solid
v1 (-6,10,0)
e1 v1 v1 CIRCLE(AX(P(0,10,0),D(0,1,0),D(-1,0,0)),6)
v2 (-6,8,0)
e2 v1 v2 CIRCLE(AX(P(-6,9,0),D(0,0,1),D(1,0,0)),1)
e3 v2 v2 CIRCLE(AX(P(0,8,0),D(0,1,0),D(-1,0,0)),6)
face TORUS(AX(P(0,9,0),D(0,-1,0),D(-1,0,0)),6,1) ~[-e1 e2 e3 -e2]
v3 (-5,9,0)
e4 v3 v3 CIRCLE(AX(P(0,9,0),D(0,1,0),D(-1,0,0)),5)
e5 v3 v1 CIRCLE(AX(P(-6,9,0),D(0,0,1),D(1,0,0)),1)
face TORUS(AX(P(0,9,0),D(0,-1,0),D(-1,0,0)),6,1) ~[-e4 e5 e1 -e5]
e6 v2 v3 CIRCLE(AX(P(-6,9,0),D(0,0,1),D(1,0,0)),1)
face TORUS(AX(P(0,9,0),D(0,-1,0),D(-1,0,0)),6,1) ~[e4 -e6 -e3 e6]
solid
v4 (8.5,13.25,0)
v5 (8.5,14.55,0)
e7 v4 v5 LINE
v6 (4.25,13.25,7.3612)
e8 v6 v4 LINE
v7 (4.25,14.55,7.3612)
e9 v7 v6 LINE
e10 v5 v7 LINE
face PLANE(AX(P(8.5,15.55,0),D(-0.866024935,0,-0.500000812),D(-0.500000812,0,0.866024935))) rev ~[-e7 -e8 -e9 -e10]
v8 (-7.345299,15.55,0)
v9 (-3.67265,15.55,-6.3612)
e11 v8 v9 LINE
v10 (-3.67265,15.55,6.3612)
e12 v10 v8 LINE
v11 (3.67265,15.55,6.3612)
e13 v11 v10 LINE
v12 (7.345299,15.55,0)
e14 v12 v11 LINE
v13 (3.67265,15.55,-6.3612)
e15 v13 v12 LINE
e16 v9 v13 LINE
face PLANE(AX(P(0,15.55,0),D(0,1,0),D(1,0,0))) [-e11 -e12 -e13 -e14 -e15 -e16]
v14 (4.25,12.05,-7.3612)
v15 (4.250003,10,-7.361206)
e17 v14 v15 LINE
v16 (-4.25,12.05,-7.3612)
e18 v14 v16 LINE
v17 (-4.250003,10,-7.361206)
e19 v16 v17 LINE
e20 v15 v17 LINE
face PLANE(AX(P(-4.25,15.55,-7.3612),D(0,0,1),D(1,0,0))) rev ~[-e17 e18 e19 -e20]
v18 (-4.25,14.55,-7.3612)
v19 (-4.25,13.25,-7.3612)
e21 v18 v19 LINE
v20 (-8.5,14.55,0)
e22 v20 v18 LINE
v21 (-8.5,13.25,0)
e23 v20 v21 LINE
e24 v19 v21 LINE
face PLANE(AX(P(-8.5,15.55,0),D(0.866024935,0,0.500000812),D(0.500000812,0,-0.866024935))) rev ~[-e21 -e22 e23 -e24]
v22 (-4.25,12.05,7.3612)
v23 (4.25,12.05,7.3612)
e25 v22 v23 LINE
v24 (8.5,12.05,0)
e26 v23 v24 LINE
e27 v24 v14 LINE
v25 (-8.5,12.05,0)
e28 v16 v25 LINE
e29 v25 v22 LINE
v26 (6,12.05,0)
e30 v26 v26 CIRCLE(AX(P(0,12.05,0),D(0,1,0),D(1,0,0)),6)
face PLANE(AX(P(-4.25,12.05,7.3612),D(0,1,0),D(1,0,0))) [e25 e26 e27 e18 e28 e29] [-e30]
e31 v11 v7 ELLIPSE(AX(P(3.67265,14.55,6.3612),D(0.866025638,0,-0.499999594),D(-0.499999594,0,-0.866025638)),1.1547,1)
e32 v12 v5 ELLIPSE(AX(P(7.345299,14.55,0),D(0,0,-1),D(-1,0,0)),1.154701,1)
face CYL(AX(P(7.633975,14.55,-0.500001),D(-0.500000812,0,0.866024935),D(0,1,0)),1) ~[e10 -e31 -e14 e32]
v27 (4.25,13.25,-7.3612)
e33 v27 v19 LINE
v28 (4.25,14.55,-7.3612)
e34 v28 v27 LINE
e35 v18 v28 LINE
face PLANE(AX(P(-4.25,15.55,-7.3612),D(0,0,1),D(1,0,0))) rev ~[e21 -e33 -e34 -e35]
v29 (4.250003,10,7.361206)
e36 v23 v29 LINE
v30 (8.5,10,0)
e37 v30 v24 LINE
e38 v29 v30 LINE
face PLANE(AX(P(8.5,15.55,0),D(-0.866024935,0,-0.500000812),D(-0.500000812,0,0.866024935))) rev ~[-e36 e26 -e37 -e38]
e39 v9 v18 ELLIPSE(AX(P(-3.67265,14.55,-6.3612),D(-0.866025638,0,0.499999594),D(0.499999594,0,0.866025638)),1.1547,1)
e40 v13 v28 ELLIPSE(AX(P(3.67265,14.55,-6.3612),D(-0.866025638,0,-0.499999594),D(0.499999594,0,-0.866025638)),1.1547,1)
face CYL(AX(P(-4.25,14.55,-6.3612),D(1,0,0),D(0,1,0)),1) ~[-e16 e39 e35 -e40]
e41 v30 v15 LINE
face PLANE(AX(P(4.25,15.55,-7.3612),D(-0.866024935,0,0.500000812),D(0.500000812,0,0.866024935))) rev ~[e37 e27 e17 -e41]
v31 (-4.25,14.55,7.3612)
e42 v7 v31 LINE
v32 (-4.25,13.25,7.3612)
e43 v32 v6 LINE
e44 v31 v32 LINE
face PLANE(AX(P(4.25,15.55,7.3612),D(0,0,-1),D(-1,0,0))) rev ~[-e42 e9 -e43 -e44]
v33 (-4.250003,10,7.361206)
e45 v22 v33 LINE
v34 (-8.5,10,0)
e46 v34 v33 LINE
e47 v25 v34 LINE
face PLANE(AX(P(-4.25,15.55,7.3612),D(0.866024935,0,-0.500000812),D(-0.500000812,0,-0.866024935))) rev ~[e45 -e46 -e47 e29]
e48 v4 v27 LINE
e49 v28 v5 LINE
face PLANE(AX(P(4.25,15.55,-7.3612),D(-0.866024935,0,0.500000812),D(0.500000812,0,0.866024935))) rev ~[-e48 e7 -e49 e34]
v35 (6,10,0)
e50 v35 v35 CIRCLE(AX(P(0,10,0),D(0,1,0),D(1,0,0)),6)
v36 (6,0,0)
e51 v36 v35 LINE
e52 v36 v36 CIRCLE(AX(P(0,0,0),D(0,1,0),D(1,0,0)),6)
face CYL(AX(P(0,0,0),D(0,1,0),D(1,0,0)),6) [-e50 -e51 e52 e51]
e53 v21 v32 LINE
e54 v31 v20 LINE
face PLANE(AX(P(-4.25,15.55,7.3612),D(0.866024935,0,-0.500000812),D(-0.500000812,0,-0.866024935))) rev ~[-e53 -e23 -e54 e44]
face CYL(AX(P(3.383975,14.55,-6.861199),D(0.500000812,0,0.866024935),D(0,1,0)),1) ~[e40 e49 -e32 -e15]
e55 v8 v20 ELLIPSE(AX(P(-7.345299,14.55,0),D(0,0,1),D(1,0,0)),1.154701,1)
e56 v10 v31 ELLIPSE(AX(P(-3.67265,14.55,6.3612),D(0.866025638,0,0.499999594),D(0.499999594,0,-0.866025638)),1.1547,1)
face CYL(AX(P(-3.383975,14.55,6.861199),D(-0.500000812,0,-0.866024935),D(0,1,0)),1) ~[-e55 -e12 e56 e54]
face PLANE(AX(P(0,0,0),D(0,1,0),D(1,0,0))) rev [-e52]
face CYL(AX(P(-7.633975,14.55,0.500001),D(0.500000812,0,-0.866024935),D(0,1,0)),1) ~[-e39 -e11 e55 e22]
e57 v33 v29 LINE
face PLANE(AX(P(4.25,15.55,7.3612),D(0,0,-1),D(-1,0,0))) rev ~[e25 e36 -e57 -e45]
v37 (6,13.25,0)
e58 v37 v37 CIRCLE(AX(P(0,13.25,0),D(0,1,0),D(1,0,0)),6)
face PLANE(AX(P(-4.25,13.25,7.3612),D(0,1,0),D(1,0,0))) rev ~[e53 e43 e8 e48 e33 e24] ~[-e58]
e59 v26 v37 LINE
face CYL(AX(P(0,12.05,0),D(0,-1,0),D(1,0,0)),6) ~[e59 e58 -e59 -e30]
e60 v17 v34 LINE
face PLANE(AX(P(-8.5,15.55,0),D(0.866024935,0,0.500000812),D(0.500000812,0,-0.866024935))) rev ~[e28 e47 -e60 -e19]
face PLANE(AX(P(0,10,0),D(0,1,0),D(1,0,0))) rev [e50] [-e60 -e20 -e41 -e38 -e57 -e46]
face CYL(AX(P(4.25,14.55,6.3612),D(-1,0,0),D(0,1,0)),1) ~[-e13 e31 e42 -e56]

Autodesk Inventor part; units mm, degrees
ref_plane "YZ Plane" through (0, 0, 0) normal (1, 0, 0) x (0, 1, 0)
ref_plane "XZ Plane" through (0, 0, 0) normal (0, 1, 0) x (-1, 0, 0)
sketch "Sketch1" plane through (0, 0, 0) normal (0, 0, 1) x (1, 0, 0)
  line L0 (0, 0) -> (6, 0)
  line L1 (6, 0) -> (6, 10)
  line L2 (6, 10) -> (8.5, 10)
  line L3 (8.5, 10) -> (8.5, 15.55)
  line L4 (8.5, 15.55) -> (0, 15.55)
  line L5 (0, 15.55) -> (0, 0)
  line L6 (0, -3.11) -> (0, 18.66) projected
  dimension "d0" = 10
  dimension "d1" = 5.55
  dimension "d2" = 8.5
  dimension "d3" = 6
revolve "Revolution1" add sketch "Sketch1" angle 360 about axis through (0, -10, 0) along (0, 1, 0)
thread "Thread1" size "M12x1.5" class "6g" standard "ANSI Metric M Profile" full length
sketch "Sketch2" plane through (0, 0, 0) normal (0, 0, 1) x (1, 0, 0)
  line L0 (-8.5, 10) -> (8.5, 10) projected
  line L1 (-6, 10) -> (-6, 0) projected
  circle A0 centre (-6, 9) radius 1
  line L2 (0, -3.11) -> (0, 18.66) projected
  point P0 (0, 0)
  dimension "d8" = 2
revolve "Revolution2" add sketch "Sketch2" angle 360 about axis through (0, -10, 0) along (0, 1, 0) separate body
sketch "Sketch3" plane through (0, 15.55, 0) normal (0, 1, 0) x (1, 0, 0)
  circle A0 centre (0, 0) radius 8.5 projected
  line L0 (-8.5, 0) -> (-4.25, 7.3612)
  line L1 (-4.25, 7.3612) -> (4.25, 7.3612)
  line L2 (4.25, 7.3612) -> (8.5, 0)
  line L3 (8.5, 0) -> (4.25, -7.3612)
  line L4 (4.25, -7.3612) -> (-4.25, -7.3612)
  line L5 (-4.25, -7.3612) -> (-8.5, 0)
extrude "Extrusion1" cut sketch "Sketch3" against normal blind 10 contours L2 A0 | A0 L3 | L1 A0 | A0 L4 | L0 A0 | A0 L5 bodies 1
ref_plane "Work Plane1" through (-4.25, 12.05, 7.3612) normal (0, 1, 0) x (1, 0, 0)
sketch "Sketch4" plane through (-4.25, 12.05, 7.3612) normal (0, 1, 0) x (1, 0, 0)
  circle A0 centre (4.25, 7.3612) radius 6
  line L0 (0, 0) -> (8.5, 0) projected
  line L1 (-4.25, 7.3612) -> (0, 0) projected
  line L2 (0, 0) -> (8.5, 0) projected
  line L3 (8.5, 0) -> (12.75, 7.3612) projected
  line L4 (12.75, 7.3612) -> (8.5, 14.7224) projected
  line L5 (8.5, 14.7224) -> (0, 14.7224) projected
  line L6 (0, 14.7224) -> (-4.25, 7.3612) projected
extrude "Extrusion2" cut sketch "Sketch4" along normal blind 1.2 bodies 1
fillet "Fillet2" radius 1 6 edges at (0, 15.55, -7.3612) (-6.375, 15.55, -3.6806) (-6.375, 15.55, 3.6806) (0, 15.55, 7.3612) (6.375, 15.55, 3.6806) (6.375, 15.55, -3.6806)
properties part number "PMF100585"
